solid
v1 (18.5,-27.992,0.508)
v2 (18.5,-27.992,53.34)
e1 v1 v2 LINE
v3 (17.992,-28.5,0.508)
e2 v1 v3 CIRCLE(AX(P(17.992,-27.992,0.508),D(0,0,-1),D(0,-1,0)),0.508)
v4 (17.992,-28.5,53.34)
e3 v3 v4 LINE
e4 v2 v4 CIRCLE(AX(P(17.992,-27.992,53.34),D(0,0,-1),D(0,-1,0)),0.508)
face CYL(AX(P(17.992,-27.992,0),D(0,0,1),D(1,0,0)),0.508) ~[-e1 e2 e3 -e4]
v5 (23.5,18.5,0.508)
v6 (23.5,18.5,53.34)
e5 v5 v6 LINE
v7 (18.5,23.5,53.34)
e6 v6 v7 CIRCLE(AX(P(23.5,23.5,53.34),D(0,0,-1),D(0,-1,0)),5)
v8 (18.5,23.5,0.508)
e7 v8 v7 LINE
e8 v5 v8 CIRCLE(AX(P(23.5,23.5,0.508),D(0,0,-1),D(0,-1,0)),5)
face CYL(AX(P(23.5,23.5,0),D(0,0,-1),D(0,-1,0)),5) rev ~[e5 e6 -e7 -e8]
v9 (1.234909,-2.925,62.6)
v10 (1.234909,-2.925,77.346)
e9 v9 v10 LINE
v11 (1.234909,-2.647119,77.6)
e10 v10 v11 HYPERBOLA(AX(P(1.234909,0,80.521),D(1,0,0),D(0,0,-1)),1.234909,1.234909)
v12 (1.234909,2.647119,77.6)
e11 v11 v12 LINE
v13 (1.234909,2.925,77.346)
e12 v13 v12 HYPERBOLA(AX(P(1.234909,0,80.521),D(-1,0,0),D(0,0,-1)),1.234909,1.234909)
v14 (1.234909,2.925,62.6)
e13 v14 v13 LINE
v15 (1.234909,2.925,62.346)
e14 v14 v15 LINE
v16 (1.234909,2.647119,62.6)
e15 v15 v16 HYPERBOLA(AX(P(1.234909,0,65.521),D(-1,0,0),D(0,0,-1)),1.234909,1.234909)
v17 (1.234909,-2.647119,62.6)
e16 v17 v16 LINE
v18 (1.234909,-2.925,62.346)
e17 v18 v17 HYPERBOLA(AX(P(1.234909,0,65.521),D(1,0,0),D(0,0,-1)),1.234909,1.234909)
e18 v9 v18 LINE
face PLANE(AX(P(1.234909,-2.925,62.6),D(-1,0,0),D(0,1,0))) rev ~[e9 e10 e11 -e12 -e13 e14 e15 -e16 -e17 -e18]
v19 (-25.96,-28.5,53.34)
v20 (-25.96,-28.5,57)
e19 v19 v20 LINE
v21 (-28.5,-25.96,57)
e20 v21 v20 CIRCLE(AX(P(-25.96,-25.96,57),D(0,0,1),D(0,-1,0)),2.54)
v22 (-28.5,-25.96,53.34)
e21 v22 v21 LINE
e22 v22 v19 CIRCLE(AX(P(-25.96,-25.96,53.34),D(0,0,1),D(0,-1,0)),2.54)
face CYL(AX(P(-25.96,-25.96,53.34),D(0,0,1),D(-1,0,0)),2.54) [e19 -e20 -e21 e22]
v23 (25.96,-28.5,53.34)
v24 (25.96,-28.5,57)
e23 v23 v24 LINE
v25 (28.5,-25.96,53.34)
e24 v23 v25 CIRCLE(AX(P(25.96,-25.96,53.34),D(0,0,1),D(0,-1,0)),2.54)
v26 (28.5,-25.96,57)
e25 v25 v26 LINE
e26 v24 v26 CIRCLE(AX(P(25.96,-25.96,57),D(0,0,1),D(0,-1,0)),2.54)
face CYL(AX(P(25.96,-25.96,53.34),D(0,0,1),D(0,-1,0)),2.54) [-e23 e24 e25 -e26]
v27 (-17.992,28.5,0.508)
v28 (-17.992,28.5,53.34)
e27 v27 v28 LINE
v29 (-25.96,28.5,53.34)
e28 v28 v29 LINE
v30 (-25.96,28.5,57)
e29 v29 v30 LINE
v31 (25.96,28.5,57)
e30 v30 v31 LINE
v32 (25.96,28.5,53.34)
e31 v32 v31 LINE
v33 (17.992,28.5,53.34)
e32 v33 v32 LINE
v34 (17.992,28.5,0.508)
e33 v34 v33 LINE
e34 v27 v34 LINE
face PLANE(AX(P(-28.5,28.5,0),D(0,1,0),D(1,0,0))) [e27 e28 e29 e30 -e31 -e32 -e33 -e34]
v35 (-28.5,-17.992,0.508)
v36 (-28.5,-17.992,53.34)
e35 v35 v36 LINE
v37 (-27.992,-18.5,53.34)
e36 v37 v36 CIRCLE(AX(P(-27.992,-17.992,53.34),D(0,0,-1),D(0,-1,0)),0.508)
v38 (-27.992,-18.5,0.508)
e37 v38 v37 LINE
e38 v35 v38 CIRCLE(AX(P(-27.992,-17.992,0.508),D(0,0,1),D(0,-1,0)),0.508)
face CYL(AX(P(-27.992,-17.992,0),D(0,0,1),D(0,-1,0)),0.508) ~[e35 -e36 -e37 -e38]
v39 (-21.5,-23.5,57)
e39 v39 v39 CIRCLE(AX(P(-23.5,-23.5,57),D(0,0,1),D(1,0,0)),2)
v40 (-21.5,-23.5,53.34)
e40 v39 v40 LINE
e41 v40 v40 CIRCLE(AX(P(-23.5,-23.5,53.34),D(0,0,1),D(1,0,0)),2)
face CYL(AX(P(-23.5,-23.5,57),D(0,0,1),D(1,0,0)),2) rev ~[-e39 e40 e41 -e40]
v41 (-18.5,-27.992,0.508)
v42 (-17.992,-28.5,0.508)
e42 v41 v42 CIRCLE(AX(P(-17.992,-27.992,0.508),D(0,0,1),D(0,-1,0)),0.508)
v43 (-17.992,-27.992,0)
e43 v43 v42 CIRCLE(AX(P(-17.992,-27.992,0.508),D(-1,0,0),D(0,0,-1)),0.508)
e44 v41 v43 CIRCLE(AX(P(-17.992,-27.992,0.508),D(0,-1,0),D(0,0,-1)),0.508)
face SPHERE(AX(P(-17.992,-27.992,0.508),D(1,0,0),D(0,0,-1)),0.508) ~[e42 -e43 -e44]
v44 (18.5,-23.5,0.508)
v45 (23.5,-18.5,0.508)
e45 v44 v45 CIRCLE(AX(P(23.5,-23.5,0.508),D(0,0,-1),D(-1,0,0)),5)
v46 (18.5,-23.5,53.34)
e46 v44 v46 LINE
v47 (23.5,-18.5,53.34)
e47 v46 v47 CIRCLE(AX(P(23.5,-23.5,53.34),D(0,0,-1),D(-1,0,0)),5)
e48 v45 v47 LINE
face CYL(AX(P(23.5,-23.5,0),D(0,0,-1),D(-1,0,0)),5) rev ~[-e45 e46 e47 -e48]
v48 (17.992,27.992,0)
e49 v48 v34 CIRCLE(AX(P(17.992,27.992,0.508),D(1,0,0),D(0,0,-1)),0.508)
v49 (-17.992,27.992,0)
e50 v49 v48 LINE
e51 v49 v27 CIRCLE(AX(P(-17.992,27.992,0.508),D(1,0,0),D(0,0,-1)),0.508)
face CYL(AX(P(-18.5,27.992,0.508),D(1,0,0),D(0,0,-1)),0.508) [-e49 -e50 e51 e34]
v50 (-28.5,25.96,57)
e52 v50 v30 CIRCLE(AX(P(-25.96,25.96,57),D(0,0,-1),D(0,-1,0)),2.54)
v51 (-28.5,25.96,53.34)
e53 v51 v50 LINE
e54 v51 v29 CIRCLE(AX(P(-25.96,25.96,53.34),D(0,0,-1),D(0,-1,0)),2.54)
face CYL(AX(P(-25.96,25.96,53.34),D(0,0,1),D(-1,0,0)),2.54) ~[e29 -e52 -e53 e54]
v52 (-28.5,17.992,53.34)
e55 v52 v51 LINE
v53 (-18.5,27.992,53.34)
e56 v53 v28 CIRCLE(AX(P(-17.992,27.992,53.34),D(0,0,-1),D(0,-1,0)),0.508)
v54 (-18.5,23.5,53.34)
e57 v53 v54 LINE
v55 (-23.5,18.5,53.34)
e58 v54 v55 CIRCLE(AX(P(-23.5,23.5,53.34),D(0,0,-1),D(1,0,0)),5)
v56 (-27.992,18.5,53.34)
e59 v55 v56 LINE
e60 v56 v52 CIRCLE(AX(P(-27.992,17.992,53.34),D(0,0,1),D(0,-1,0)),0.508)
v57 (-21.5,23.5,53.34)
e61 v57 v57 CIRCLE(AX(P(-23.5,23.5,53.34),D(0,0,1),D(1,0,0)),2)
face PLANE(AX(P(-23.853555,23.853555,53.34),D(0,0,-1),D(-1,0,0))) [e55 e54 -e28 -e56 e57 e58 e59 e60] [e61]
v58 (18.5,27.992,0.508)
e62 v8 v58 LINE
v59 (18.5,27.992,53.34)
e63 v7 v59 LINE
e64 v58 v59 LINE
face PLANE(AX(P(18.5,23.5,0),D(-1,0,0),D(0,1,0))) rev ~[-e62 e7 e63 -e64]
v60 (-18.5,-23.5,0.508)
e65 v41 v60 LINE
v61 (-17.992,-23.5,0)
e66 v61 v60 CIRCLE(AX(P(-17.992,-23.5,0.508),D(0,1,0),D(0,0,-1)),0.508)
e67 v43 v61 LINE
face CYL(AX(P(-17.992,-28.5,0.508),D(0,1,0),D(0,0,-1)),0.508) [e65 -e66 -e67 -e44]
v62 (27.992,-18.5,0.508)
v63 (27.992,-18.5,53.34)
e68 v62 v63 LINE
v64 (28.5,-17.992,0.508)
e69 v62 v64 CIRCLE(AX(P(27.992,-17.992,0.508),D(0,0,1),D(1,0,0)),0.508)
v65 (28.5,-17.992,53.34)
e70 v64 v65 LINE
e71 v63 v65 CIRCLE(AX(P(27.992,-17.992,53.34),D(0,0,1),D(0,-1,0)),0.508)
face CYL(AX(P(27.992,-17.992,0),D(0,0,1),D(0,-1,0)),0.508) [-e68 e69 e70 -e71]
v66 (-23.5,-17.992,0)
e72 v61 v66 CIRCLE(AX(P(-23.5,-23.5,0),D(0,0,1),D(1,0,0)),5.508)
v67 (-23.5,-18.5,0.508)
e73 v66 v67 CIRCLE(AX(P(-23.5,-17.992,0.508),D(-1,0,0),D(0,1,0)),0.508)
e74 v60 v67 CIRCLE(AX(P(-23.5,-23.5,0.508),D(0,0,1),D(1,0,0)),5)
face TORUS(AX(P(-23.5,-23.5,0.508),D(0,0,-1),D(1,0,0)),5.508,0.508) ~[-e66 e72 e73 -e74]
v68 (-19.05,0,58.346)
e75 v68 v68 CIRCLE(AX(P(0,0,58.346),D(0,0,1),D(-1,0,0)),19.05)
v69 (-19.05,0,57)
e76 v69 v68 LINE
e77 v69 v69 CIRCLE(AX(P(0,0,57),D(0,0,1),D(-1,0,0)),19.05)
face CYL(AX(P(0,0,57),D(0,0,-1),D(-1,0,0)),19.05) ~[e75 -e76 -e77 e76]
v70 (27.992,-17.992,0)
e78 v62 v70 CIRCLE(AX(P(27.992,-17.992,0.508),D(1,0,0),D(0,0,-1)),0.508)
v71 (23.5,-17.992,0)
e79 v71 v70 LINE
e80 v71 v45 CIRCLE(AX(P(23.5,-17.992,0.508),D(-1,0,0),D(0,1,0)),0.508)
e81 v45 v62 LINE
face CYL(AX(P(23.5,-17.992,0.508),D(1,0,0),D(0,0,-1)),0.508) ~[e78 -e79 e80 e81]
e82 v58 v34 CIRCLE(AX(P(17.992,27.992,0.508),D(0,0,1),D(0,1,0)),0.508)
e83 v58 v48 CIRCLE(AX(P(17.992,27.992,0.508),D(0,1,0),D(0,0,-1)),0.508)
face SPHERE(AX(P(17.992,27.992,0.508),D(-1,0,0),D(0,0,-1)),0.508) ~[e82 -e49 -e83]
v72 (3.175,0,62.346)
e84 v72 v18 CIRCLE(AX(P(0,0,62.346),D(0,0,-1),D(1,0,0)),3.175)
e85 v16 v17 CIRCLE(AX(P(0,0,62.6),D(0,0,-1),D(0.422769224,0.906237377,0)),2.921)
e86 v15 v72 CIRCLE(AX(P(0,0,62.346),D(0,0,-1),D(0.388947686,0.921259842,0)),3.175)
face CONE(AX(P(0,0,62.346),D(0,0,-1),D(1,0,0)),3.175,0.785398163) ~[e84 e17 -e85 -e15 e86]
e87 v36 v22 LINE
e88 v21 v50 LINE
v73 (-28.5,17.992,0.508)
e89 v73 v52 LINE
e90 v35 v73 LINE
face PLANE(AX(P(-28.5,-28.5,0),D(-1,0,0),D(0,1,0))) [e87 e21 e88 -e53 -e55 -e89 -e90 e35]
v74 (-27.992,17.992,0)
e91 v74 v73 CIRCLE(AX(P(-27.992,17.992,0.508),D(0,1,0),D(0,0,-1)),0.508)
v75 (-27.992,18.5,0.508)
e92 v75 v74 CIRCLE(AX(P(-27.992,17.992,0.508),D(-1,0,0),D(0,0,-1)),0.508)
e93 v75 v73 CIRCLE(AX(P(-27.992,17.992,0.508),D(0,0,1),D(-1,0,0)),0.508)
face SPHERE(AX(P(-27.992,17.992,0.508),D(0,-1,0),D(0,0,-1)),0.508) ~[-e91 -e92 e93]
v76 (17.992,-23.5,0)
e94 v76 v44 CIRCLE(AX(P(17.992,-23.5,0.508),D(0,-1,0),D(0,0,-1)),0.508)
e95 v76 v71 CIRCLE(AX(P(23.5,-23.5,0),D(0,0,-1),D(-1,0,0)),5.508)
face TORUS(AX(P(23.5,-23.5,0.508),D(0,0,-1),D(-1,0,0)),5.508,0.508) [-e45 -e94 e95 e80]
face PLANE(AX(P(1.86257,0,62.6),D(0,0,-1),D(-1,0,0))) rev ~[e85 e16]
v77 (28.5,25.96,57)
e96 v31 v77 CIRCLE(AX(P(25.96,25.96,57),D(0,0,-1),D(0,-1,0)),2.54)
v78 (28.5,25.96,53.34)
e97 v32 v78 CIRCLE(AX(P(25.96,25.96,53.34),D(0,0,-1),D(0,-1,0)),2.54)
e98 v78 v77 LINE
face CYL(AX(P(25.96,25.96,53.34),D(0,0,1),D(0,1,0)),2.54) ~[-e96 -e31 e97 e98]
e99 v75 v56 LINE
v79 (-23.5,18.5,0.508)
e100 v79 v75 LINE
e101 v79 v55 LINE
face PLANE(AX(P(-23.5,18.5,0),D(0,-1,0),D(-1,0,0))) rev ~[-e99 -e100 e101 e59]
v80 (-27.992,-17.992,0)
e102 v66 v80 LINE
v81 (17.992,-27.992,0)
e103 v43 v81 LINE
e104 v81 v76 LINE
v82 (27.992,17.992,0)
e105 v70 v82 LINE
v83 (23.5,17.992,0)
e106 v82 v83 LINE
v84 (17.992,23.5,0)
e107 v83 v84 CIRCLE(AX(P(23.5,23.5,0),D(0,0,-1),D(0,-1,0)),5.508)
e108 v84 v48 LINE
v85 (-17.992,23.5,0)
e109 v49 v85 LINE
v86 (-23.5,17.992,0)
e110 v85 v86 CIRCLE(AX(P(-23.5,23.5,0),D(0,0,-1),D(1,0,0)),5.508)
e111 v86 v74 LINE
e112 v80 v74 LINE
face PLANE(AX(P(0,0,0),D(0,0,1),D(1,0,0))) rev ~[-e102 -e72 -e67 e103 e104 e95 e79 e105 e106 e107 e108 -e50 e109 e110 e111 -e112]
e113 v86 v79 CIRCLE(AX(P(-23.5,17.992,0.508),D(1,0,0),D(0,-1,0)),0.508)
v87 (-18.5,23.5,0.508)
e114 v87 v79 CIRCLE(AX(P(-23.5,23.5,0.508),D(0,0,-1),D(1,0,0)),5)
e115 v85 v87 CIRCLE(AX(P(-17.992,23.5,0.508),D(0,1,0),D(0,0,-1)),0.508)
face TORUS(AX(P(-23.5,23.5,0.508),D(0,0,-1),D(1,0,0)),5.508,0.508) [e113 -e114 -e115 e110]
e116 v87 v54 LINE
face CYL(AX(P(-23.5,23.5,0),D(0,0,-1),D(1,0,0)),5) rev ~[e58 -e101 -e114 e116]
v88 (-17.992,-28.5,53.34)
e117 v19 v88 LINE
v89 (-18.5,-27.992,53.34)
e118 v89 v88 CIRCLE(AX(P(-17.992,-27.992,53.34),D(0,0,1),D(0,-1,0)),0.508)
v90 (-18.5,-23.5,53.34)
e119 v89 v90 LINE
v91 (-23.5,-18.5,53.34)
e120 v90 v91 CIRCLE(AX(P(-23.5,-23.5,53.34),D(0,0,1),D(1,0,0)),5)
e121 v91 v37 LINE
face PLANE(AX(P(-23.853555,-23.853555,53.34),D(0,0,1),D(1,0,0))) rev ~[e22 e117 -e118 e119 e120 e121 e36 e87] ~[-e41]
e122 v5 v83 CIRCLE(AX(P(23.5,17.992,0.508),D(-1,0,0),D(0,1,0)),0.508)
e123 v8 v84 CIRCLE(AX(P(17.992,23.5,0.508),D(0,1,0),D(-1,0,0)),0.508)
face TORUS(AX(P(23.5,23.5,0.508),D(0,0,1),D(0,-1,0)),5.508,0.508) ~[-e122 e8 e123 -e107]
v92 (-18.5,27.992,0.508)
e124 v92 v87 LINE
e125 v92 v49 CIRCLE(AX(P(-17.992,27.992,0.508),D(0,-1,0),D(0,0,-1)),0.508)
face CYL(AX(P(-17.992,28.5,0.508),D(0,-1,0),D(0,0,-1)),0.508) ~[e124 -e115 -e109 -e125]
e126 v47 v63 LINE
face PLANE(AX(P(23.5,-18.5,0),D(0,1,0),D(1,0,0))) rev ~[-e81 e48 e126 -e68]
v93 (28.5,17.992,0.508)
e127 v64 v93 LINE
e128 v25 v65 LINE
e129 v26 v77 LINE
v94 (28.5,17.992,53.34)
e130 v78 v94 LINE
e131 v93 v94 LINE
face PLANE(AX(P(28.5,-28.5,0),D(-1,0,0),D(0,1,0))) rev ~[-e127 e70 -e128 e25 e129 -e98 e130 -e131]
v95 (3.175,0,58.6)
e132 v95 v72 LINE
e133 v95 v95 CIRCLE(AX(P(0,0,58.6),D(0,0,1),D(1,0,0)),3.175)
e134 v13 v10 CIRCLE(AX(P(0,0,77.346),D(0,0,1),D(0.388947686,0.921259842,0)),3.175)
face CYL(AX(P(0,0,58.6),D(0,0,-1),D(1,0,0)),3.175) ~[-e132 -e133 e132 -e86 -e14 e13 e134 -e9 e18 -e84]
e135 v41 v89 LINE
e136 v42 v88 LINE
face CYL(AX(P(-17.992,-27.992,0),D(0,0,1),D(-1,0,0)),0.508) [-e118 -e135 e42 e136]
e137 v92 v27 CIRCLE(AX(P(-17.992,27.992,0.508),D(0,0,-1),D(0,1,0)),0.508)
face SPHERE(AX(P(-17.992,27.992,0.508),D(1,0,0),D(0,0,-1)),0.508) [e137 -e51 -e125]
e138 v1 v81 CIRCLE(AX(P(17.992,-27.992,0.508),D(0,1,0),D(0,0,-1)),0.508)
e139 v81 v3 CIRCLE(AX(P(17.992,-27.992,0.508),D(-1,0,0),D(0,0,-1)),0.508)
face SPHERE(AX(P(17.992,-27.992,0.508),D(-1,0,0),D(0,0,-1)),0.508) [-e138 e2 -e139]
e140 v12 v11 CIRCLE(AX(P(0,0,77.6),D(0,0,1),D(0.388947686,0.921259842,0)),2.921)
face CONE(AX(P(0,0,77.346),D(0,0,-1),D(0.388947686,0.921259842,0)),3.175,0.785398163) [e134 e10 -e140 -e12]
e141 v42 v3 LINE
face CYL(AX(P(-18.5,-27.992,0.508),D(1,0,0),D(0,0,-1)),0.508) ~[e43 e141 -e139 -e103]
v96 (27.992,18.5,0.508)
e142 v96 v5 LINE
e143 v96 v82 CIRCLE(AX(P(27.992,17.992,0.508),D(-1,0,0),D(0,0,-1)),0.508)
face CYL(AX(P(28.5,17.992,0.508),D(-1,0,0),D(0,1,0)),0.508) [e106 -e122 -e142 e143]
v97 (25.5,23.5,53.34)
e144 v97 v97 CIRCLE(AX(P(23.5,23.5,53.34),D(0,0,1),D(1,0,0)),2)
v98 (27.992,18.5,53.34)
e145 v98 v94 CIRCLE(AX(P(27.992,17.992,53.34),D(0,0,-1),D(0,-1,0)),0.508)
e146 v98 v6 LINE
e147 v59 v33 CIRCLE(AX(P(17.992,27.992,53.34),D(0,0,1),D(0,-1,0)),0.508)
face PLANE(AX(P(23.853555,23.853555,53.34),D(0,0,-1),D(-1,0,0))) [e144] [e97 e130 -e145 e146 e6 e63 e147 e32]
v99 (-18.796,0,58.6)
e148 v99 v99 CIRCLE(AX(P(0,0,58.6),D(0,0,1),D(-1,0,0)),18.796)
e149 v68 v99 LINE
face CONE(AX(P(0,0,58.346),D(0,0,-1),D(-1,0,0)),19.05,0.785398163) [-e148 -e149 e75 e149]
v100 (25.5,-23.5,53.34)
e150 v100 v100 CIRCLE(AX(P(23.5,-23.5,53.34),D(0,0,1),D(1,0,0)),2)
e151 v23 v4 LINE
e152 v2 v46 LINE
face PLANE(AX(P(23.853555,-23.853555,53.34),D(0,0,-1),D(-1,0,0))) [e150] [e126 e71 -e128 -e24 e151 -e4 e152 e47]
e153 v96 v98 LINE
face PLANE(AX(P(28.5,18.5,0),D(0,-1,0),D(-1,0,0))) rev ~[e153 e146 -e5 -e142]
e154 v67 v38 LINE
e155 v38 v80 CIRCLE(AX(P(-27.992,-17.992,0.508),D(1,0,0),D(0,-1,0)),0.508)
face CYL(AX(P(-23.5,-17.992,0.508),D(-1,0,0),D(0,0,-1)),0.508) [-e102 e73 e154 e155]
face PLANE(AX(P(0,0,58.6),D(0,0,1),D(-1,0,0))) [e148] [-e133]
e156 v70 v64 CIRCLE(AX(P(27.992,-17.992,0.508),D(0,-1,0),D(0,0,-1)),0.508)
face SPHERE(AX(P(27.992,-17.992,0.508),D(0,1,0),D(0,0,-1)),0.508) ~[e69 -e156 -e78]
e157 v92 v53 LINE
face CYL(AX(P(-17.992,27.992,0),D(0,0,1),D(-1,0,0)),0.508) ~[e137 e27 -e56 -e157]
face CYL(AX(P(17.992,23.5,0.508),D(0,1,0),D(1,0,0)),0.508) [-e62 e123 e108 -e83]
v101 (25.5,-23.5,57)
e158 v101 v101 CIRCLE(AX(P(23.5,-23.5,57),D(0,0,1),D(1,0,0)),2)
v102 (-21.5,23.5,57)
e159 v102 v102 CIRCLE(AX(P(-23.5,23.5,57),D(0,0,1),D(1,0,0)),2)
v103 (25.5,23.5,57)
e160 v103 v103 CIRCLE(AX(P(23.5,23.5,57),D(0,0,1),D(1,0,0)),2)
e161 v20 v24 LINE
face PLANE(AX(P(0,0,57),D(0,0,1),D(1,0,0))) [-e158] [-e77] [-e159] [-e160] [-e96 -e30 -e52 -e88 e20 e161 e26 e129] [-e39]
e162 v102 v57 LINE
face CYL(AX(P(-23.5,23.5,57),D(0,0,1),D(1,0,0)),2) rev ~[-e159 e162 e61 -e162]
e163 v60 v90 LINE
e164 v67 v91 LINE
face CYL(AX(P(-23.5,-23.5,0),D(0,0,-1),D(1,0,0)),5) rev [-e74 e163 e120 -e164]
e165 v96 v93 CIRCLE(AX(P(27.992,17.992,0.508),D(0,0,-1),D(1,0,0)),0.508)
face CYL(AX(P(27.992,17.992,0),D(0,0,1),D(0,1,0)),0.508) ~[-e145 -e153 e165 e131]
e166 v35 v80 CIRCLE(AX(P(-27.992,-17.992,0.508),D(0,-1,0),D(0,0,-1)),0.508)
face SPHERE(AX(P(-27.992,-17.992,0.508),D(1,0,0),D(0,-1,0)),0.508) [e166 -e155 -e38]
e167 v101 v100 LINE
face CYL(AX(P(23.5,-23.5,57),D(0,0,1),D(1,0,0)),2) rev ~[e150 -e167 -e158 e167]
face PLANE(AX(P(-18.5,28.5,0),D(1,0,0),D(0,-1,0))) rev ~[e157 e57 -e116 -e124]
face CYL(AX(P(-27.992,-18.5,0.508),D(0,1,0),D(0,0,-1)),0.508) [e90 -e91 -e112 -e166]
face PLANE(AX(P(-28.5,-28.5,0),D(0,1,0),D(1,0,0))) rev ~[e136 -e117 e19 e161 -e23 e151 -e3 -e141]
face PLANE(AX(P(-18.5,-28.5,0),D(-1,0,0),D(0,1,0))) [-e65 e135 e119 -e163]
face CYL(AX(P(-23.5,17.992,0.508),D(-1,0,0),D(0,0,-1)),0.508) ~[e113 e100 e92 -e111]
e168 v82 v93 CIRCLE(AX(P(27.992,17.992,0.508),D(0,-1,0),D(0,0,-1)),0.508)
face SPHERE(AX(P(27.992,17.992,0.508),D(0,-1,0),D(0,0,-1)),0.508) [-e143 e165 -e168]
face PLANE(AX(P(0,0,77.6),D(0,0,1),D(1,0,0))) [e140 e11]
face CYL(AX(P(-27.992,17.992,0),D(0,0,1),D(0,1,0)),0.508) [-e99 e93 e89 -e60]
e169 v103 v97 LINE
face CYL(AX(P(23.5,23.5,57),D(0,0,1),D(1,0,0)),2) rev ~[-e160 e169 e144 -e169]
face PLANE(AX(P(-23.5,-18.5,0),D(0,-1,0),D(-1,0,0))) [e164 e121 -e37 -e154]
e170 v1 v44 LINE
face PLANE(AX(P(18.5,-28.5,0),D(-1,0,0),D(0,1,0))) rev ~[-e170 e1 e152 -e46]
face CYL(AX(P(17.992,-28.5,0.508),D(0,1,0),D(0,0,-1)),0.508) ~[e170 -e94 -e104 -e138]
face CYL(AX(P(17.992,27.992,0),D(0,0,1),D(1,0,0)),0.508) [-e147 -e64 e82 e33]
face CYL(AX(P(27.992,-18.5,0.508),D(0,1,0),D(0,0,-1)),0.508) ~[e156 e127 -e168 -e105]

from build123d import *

# Parameters (mm, degrees)
SKETCH1_W           = 57
SKETCH1_H           = 57
BOSS_EXTRUDE1_DEPTH = 57
SKETCH2_R           = 2
CUT_EXTRUDE1_DEPTH  = 70.810457669
CUT_EXTRUDE4_DEPTH  = 53.34
FILLET1_R           = 2.54
SKETCH9_R           = 19.05
BOSS_EXTRUDE2_DEPTH = 1.6
SKETCH10_R          = 3.175
BOSS_EXTRUDE3_DEPTH = 19
CUT_EXTRUDE5_START  = -15
CUT_EXTRUDE5_DEPTH  = 15
CHAMFER1_SIZE       = 0.254
FILLET2_R           = 0.508


with BuildPart() as part:
    # Sketch1 → Boss-Extrude1 (new body)
    with BuildSketch(Plane.XY):
        Rectangle(SKETCH1_W, SKETCH1_H)
    extrude(amount=BOSS_EXTRUDE1_DEPTH)

    # Sketch2 → Cut-Extrude1 (cut, through all)
    with BuildSketch(Plane.XY.offset(57)):
        with Locations((-23.5, 23.5)):
            Circle(SKETCH2_R)
        with Locations((23.5, 23.5)):
            Circle(SKETCH2_R)
        with Locations((23.5, -23.5)):
            Circle(SKETCH2_R)
        with Locations((-23.5, -23.5)):
            Circle(SKETCH2_R)
    extrude(amount=-CUT_EXTRUDE1_DEPTH, mode=Mode.SUBTRACT)

    # Sketch8 → Cut-Extrude4 (cut)
    with BuildSketch(Plane(origin=(0, 0, 0), x_dir=(-1, 0, 0), z_dir=(0, 0, -1))):
        with BuildLine():
            Line((18.5, -28.5), (18.5, -23.5))
            ThreePointArc((18.5, -23.5), (19.964466094, -19.964466094), (23.5, -18.5))
            Line((23.5, -18.5), (28.5, -18.5))
            Line((28.5, -18.5), (28.5, -28.5))
            Line((28.5, -28.5), (18.5, -28.5))
        make_face()
        with BuildLine():
            Line((23.5, 18.5), (28.5, 18.5))
            Line((28.5, 18.5), (28.5, 28.5))
            Line((28.5, 28.5), (18.5, 28.5))
            Line((18.5, 28.5), (18.5, 23.5))
            ThreePointArc((18.5, 23.5), (19.964466094, 19.964466094), (23.5, 18.5))
        make_face()
        with BuildLine():
            Line((-18.5, 23.5), (-18.5, 28.5))
            Line((-18.5, 28.5), (-28.5, 28.5))
            Line((-28.5, 28.5), (-28.5, 18.5))
            Line((-28.5, 18.5), (-23.5, 18.5))
            ThreePointArc((-23.5, 18.5), (-19.964466094, 19.964466094), (-18.5, 23.5))
        make_face()
        with BuildLine():
            Line((-23.5, -18.5), (-28.5, -18.5))
            Line((-28.5, -18.5), (-28.5, -28.5))
            Line((-28.5, -28.5), (-18.5, -28.5))
            Line((-18.5, -28.5), (-18.5, -23.5))
            ThreePointArc((-18.5, -23.5), (-19.964466094, -19.964466094), (-23.5, -18.5))
        make_face()
    extrude(amount=-CUT_EXTRUDE4_DEPTH, mode=Mode.SUBTRACT)

    # Fillet1
    fillet1_edges = [part.edges().sort_by_distance(p)[0] for p in [
        (28.5, -28.5, 55.17),
        (-28.5, -28.5, 55.17),
        (-28.5, 28.5, 55.17),
        (28.5, 28.5, 55.17),
    ]]
    fillet(fillet1_edges, radius=FILLET1_R)

    # Sketch9 → Boss-Extrude2 (add)
    with BuildSketch(Plane.XY.offset(57)):
        with Locations(Location((0, 0, 0), (0, 0, 180))):
            Circle(SKETCH9_R)
    extrude(amount=BOSS_EXTRUDE2_DEPTH)

    # Sketch10 → Boss-Extrude3 (add)
    with BuildSketch(Plane.XY.offset(58.6)):
        Circle(SKETCH10_R)
    extrude(amount=BOSS_EXTRUDE3_DEPTH)

    # Sketch11 → Cut-Extrude5 (cut)
    with BuildSketch(Plane.XY.offset(77.6).offset(CUT_EXTRUDE5_START)):
        with BuildLine():
            Line((1.234908904, -2.925), (1.234908904, 2.925))
            ThreePointArc((1.234908904, 2.925), (3.175, 0), (1.234908904, -2.925))
        make_face()
    extrude(amount=CUT_EXTRUDE5_DEPTH, mode=Mode.SUBTRACT)

    # Chamfer1
    chamfer1_edges = [part.edges().sort_by_distance(p)[0] for p in [
        (19.05, 0, 58.6),
        (-3.175, 0, 77.6),
        (2.645889337, -1.754962853, 62.6),
    ]]
    chamfer(chamfer1_edges, length=CHAMFER1_SIZE)

    # Fillet2
    fillet2_edges = [part.edges().sort_by_distance(p)[0] for p in [
        (0, -28.5, 0),
        (-26, -18.5, 0),
        (-19.964466094, -19.964466094, 0),
        (-18.5, -26, 0),
        (-18.5, -28.5, 26.67),
        (-28.5, -18.5, 26.67),
        (-28.5, 0, 0),
        (0, 28.5, 0),
        (28.5, 0, 0),
        (18.5, -26, 0),
        (19.964466094, -19.964466094, 0),
        (26, -18.5, 0),
        (28.5, -18.5, 26.67),
        (18.5, -28.5, 26.67),
        (26, 18.5, 0),
        (19.964466094, 19.964466094, 0),
        (18.5, 26, 0),
        (18.5, 28.5, 26.67),
        (28.5, 18.5, 26.67),
        (-19.964466094, 19.964466094, 0),
        (-26, 18.5, 0),
        (-18.5, 26, 0),
        (-18.5, 28.5, 26.67),
        (-28.5, 18.5, 26.67),
    ]]
    fillet(fillet2_edges, radius=FILLET2_R)


solid = part.part
